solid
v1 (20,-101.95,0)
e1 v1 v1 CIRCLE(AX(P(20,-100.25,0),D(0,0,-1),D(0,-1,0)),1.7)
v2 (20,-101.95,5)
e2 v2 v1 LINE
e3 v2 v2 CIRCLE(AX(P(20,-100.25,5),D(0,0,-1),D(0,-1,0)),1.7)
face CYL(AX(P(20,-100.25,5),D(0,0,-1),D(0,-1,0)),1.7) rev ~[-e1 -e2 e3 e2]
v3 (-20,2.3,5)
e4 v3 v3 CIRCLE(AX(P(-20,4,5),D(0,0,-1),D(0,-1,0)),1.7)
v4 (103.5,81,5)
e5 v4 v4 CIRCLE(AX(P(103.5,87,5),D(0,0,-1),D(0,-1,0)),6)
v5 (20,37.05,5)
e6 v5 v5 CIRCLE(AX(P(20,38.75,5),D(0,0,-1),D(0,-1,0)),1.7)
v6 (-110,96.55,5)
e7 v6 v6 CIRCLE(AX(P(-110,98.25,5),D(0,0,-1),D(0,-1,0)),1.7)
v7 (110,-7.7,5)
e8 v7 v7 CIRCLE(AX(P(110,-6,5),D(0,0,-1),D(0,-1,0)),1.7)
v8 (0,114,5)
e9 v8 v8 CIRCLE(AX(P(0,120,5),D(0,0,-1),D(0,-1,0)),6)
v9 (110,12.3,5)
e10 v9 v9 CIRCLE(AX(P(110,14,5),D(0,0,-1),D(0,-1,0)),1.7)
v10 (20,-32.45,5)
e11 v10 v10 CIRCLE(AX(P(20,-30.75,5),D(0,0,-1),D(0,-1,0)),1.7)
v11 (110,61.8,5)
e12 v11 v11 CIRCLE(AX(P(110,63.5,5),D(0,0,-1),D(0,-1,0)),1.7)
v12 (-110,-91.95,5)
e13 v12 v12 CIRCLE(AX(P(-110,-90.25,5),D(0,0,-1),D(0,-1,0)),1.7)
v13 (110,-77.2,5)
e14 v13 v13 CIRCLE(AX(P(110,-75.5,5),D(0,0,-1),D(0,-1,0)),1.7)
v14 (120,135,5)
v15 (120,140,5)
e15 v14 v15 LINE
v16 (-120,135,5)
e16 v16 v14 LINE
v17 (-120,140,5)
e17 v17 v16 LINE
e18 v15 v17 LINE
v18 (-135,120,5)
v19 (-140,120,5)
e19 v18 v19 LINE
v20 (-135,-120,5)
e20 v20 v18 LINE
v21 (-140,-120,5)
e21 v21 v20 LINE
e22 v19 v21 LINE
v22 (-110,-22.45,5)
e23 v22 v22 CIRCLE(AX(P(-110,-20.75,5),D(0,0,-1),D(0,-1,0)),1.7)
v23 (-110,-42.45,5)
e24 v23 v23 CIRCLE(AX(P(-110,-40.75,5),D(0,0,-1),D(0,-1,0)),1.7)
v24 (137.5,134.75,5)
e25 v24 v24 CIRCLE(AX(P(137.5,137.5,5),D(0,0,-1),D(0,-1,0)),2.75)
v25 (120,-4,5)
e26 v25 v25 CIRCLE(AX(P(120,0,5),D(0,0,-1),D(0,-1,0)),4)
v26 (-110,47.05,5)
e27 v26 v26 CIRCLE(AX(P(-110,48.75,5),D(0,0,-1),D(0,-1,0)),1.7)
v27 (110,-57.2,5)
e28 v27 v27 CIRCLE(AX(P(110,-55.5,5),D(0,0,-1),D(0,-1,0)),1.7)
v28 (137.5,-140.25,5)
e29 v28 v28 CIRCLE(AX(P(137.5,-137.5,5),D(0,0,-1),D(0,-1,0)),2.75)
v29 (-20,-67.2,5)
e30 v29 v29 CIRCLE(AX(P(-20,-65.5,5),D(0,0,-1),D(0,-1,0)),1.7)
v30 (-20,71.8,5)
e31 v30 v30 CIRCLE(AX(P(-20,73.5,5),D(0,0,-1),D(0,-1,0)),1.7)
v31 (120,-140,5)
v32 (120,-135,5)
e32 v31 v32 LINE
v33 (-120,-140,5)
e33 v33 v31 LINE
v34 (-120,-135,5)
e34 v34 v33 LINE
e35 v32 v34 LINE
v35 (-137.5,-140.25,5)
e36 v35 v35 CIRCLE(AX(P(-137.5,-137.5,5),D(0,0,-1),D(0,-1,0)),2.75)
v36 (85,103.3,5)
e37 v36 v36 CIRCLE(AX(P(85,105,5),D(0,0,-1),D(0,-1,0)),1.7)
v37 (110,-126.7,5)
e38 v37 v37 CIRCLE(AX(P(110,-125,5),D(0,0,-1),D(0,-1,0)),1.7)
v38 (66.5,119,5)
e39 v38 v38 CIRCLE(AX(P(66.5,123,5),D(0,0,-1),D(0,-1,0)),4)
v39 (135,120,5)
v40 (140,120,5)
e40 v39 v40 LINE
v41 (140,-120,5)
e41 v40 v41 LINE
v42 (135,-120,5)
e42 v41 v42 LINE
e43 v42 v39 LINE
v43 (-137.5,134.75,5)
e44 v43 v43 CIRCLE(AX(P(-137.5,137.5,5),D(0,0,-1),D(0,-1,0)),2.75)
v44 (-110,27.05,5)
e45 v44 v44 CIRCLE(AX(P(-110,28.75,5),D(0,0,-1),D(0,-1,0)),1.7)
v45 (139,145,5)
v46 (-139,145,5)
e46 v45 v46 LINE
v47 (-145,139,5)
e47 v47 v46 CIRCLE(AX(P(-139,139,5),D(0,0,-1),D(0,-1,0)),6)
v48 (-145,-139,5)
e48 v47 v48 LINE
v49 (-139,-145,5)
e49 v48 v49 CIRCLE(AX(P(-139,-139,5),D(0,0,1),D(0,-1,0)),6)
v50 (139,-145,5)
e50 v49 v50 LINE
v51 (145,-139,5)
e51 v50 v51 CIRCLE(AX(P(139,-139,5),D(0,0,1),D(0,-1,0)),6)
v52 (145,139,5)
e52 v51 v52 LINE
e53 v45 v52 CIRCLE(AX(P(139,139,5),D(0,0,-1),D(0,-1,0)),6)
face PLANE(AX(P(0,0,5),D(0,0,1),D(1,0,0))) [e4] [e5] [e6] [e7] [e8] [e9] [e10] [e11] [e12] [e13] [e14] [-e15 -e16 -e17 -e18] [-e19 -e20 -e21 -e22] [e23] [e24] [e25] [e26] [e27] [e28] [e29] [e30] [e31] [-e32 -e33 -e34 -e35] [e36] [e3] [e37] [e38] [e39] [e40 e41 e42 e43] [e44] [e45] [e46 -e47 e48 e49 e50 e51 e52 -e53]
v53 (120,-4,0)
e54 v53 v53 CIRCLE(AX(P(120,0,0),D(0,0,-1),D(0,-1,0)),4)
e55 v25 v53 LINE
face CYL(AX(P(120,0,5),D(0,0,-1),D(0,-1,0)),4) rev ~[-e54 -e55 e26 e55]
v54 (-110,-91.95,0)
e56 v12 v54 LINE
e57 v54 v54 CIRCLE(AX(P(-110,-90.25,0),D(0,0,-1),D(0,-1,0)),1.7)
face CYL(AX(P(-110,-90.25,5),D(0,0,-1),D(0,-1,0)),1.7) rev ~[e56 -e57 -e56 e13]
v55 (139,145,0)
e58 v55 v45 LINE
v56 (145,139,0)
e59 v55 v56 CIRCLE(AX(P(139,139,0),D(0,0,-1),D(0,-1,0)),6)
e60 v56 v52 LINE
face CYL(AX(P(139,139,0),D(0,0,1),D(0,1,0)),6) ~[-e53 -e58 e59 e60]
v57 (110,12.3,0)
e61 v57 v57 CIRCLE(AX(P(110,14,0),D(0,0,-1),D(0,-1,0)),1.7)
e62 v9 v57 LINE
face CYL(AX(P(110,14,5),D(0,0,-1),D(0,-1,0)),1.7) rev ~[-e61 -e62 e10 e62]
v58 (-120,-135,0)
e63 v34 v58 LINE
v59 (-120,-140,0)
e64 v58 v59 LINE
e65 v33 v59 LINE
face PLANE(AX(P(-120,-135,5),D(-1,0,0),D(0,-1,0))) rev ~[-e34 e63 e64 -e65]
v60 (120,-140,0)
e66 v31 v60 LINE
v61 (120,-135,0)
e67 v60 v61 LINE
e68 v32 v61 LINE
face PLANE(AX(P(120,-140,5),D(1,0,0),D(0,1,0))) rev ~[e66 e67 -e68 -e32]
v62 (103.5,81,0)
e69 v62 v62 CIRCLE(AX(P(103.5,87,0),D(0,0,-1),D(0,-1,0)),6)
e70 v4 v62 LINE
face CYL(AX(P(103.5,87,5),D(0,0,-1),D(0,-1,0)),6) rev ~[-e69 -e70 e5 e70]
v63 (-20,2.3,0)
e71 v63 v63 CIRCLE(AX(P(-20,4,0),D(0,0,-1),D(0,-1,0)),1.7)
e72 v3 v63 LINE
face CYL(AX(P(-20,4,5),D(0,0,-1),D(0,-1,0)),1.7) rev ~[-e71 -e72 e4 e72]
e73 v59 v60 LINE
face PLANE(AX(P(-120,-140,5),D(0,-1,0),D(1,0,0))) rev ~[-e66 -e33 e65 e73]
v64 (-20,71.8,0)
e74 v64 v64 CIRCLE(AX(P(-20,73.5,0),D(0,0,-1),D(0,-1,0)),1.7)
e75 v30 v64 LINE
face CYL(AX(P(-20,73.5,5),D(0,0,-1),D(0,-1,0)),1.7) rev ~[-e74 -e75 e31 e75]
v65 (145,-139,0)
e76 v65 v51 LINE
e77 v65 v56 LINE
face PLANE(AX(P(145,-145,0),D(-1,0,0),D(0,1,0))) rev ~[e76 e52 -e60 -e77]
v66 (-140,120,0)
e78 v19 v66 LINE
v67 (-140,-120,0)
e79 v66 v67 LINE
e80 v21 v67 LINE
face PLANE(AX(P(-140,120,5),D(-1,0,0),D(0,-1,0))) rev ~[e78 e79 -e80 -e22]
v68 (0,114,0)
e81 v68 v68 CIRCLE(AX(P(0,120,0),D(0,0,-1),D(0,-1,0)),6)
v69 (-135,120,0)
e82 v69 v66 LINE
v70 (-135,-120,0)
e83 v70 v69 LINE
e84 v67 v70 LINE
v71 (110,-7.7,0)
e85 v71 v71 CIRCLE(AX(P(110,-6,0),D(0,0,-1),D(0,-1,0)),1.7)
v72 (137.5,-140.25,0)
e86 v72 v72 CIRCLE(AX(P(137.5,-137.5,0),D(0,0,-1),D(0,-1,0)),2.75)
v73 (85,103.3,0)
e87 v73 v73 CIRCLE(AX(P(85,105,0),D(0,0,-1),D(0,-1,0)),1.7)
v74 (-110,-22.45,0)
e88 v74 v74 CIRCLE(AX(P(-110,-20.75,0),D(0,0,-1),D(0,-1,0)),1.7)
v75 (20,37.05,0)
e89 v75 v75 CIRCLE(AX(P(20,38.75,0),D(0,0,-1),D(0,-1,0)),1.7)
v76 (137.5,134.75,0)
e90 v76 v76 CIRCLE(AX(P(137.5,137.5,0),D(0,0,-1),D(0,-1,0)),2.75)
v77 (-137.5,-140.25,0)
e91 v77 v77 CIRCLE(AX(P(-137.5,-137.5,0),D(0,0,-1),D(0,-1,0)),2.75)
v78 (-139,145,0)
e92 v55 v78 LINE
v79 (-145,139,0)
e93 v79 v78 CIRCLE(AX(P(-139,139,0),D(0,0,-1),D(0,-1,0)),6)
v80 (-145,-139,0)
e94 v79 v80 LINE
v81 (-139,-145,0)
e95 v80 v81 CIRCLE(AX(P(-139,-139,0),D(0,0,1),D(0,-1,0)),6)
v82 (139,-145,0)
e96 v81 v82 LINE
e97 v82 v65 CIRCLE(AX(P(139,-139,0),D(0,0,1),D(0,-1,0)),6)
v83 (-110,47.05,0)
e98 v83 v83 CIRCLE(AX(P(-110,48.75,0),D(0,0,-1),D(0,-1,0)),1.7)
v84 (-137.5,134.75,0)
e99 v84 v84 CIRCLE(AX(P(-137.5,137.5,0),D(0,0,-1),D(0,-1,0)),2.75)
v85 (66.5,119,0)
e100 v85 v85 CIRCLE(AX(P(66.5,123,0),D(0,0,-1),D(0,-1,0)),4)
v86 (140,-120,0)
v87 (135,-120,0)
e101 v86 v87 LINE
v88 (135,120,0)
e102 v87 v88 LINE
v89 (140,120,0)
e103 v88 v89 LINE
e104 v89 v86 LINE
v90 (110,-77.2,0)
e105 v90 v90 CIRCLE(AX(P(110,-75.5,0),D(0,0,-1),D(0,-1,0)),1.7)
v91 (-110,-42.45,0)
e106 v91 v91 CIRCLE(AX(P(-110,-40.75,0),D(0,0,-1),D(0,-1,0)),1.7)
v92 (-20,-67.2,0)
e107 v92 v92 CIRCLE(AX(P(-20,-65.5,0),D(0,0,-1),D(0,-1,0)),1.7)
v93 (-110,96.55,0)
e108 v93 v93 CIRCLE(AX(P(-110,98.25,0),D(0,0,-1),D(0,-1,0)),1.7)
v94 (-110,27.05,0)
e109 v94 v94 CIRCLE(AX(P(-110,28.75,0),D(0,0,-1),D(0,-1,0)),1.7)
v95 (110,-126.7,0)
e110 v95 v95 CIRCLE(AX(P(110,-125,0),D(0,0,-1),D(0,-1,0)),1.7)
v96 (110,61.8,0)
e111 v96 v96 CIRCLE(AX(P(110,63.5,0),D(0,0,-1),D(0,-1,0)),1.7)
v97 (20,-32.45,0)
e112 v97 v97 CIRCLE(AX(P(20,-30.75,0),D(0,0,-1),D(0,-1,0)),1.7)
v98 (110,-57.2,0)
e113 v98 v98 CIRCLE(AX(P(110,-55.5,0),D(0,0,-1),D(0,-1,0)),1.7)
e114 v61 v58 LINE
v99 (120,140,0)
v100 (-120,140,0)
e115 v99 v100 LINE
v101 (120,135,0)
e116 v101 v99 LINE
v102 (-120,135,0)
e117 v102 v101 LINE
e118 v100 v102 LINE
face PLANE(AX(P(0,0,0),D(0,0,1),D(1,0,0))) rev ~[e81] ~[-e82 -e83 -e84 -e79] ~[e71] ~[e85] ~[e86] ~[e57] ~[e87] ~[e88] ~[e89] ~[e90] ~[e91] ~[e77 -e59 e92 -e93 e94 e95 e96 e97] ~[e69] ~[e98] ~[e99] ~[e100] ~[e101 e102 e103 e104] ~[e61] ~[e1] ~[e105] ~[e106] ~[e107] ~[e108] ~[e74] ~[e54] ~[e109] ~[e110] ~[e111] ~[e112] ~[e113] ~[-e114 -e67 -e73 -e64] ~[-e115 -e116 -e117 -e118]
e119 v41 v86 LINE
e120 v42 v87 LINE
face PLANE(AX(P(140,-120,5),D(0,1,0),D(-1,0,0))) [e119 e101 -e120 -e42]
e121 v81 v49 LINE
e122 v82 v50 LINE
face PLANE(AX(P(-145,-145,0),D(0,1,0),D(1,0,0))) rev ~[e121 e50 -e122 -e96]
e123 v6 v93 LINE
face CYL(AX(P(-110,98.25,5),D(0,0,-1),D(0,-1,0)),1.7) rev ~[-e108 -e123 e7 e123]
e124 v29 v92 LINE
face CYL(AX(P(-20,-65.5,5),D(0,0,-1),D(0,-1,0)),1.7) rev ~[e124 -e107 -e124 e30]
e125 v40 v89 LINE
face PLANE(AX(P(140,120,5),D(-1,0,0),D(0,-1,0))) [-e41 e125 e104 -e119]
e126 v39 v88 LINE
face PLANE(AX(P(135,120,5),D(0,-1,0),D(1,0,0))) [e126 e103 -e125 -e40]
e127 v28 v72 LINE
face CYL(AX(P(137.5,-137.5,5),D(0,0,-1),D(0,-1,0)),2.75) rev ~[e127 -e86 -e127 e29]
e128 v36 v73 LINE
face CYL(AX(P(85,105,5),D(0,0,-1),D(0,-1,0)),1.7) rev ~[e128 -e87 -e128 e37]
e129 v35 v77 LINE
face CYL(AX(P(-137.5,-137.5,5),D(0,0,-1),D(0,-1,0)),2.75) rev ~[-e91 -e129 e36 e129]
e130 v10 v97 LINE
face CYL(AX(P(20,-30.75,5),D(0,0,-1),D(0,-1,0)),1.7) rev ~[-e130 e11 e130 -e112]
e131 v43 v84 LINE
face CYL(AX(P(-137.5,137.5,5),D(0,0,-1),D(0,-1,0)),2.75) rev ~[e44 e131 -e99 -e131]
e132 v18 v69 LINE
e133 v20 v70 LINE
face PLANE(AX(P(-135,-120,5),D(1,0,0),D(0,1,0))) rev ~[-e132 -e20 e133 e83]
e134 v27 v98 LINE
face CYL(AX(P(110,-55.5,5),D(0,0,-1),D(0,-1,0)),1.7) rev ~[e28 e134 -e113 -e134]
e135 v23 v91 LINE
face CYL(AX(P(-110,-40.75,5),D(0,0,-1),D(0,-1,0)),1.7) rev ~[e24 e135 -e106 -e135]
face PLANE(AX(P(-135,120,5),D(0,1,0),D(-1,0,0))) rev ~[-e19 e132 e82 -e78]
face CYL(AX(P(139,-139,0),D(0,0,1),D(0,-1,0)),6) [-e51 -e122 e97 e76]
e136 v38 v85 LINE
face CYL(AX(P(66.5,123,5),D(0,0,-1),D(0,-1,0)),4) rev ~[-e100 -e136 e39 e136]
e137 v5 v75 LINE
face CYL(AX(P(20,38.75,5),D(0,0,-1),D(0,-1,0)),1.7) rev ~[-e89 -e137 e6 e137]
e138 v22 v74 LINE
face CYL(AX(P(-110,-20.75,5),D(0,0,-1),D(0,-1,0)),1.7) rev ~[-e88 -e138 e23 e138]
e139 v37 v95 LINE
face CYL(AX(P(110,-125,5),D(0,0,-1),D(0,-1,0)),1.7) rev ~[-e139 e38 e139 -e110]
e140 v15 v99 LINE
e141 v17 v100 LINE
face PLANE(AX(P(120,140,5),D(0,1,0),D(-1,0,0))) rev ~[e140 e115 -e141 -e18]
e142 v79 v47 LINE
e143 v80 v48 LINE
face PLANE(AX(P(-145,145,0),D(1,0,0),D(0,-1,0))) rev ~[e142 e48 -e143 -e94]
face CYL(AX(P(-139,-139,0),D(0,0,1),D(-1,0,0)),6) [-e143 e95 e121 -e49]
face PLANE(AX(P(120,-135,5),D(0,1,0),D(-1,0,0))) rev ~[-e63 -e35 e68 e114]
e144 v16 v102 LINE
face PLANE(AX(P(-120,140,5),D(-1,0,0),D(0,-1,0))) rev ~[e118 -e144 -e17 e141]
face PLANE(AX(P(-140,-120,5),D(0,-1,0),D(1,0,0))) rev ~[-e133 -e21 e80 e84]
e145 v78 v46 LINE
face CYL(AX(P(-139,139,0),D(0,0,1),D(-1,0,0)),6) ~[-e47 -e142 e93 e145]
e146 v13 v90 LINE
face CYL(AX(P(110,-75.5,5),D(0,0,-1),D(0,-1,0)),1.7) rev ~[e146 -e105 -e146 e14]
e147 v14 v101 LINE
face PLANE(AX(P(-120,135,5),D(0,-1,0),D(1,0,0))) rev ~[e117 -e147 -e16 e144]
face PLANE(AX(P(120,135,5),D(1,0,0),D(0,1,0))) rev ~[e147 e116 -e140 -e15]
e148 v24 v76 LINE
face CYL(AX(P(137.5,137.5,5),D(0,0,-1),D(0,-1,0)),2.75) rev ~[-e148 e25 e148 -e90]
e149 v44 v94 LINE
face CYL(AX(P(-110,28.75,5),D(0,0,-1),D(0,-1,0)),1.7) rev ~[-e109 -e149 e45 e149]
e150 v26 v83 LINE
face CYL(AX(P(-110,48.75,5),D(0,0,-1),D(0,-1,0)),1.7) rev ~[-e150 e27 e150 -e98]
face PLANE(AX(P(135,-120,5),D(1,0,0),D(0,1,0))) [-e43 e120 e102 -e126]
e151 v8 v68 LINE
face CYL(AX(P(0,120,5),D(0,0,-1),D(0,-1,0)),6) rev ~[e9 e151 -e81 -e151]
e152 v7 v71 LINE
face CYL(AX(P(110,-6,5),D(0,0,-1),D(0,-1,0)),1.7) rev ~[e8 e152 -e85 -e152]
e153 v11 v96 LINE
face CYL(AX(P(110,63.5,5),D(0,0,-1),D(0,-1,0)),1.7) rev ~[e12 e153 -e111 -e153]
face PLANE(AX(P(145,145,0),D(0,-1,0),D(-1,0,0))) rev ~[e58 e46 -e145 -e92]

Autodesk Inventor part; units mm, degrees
ref_plane "YZ Plane" through (0, 0, 0) normal (1, 0, 0) x (0, 1, 0)
ref_plane "XZ Plane" through (0, 0, 0) normal (0, 1, 0) x (-1, 0, 0)
ref_plane "XY Plane" through (0, 0, 0) normal (0, 0, 1) x (1, 0, 0)
sketch "Sketch1" plane through (0, 0, 0) normal (0, 0, 1) x (1, 0, 0)
  line L0 (-145, -145) -> (145, -145)
  line L1 (145, -145) -> (145, 145)
  line L2 (145, 145) -> (-145, 145)
  line L3 (-145, 145) -> (-145, -145)
  line L4 (-145, -145) -> (145, 145) construction
  line L5 (145, -145) -> (-145, 145) construction
  point P0 (0, 0)
  dimension "d0" = 290
  dimension "d1" = 290
extrude "Extrusion1" add sketch "Sketch1" along normal blind 5
sketch "Sketch2" plane through (0, 0, 5) normal (0, 0, 1) x (1, 0, 0)
  line L0 (-137.5, -137.5) -> (137.5, -137.5) construction
  line L1 (137.5, -137.5) -> (137.5, 137.5) construction
  line L2 (137.5, 137.5) -> (-137.5, 137.5) construction
  line L3 (-137.5, 137.5) -> (-137.5, -137.5) construction
  line L4 (-137.5, -137.5) -> (137.5, 137.5) construction
  line L5 (137.5, -137.5) -> (-137.5, 137.5) construction
  point P0 (0, 0)
  dimension "d4" = 275
  dimension "d5" = 275
hole "Hole1" at (-137.5, 137.5, 5) at (137.5, 137.5, 5) at (137.5, -137.5, 5) at (-137.5, -137.5, 5) direction (0, 0, -1) diameter 5.5 depth 8 tip angle 118 clearance for "Countersunk Flat Head Screw DIN EN ISO 2009" size "M5" standard "DIN"
fillet "Fillet1" radius 6 4 edges at (145, -145, 2.5) (-145, -145, 2.5) (145, 145, 2.5) (-145, 145, 2.5)
sketch "Sketch3" plane through (0, 0, 5) normal (0, 0, 1) x (1, 0, 0)
  line L0 (-110, -20.75) -> (-20, -20.75) construction
  line L1 (-20, -20.75) -> (-20, 28.75) construction
  line L2 (-20, 28.75) -> (-110, 28.75) construction
  line L3 (-110, 28.75) -> (-110, -20.75) construction
  line L4 (-139, -145) -> (139, -145) projected
  arc A0 (-139, 145) -> (-145, 139) centre (-139, 139) ccw projected
  line L5 (-145, 139) -> (-145, -139) projected
  arc A1 (-145, -139) -> (-139, -145) centre (-139, -139) ccw projected
  line L6 (-139, -145) -> (139, -145) projected
  arc A2 (139, -145) -> (145, -139) centre (139, -139) ccw projected
  line L7 (145, -139) -> (145, 139) projected
  arc A3 (145, 139) -> (139, 145) centre (139, 139) ccw projected
  line L8 (139, 145) -> (-139, 145) projected
  circle A4 centre (137.5, -137.5) radius 2.75 projected
  circle A5 centre (-137.5, 137.5) radius 2.75 projected
  circle A6 centre (137.5, 137.5) radius 2.75 projected
  circle A7 centre (-137.5, -137.5) radius 2.75 projected
  line L9 (-110, -90.25) -> (-20, -90.25) construction
  line L10 (-20, -90.25) -> (-20, -40.75) construction
  line L11 (-20, -40.75) -> (-110, -40.75) construction
  line L12 (-110, -40.75) -> (-110, -90.25) construction
  line L13 (20, -55.5) -> (110, -55.5) construction
  line L14 (110, -55.5) -> (110, -6) construction
  line L15 (110, -6) -> (20, -6) construction
  line L16 (20, -6) -> (20, -55.5) construction
  line L17 (-110, 48.75) -> (-20, 48.75) construction
  line L18 (-20, 48.75) -> (-20, 98.25) construction
  line L19 (-20, 98.25) -> (-110, 98.25) construction
  line L20 (-110, 98.25) -> (-110, 48.75) construction
  line L21 (20, -125) -> (110, -125) construction
  line L22 (110, -125) -> (110, -75.5) construction
  line L23 (110, -75.5) -> (20, -75.5) construction
  line L24 (20, -75.5) -> (20, -125) construction
  line L25 (20, 14) -> (110, 14) construction
  line L26 (110, 14) -> (110, 63.5) construction
  line L27 (110, 63.5) -> (20, 63.5) construction
  line L28 (20, 63.5) -> (20, 14) construction
  point P0 (0, 0)
  point P1 (-20, 73.5)
  point P2 (20, 38.75)
  point P3 (20, -30.75)
  point P4 (-20, -65.5)
  point P5 (20, -100.25)
  point P6 (-20, 4)
  dimension "d14" = 49.5
  dimension "d16" = 49.5
  dimension "d17" = 90
  dimension "d20" = 49.5
  dimension "d25" = 90
  dimension "d26" = 290
  dimension "d29" = 20
  dimension "d71" = 49.5
  dimension "d72" = 49.5
  dimension "d73" = 49.5
  dimension "d75" = 20
  dimension "d76" = 20
  dimension "d77" = 20
  dimension "d78" = 54.75
  dimension "d79" = 20
  dimension "d81" = 40
  dimension "d82" = 35
hole "Hole2" at (-20, 73.5, 5) at (20, 38.75, 5) at (20, -30.75, 5) at (-20, -65.5, 5) at (20, -100.25, 5) at (110, 63.5, 5) at (110, 14, 5) at (110, -6, 5) at (110, -55.5, 5) at (110, -75.5, 5) at (110, -125, 5) at (-110, -40.75, 5) at (-110, -90.25, 5) at (-110, -20.75, 5) at (-110, 28.75, 5) at (-110, 48.75, 5) at (-110, 98.25, 5) at (-20, 4, 5) direction (0, 0, -1) diameter 3.4 end through all clearance for "Countersunk Flat Head Screw DIN EN ISO 2009" size "M3" standard "DIN"
sketch "Sketch4" plane through (0, 0, 5) normal (0, 0, 1) x (1, 0, 0)
  line L0 (-120, -140) -> (120, -140)
  line L1 (120, -140) -> (120, -135)
  line L2 (120, -135) -> (-120, -135)
  line L3 (-120, -135) -> (-120, -140)
  line L4 (140, -120) -> (135, -120)
  line L5 (135, -120) -> (135, 120)
  line L6 (135, 120) -> (140, 120)
  line L7 (140, 120) -> (140, -120)
  line L8 (120, 140) -> (-120, 140)
  line L9 (-120, 140) -> (-120, 135)
  line L10 (-120, 135) -> (120, 135)
  line L11 (120, 135) -> (120, 140)
  line L12 (-135, 120) -> (-140, 120)
  line L13 (-140, 120) -> (-140, -120)
  line L14 (-140, -120) -> (-135, -120)
  line L15 (-135, -120) -> (-135, 120)
  line L16 (-139, -145) -> (139, -145) projected
  line L17 (-145, 139) -> (-145, -139) projected
  line L18 (139, 145) -> (-139, 145) projected
  line L19 (145, -139) -> (145, 139) projected
  point P0 (0, 0)
  point P1 (0, -140)
  point P2 (-140, 0)
  point P3 (140, 0)
  point P4 (0, 140)
  dimension "d39" = 5
  dimension "d40" = 5
  dimension "d41" = 5
  dimension "d42" = 5
  dimension "d43" = 240
  dimension "d44" = 240
  dimension "d45" = 240
  dimension "d46" = 5
  dimension "d47" = 5
  dimension "d48" = 5
  dimension "d49" = 5
extrude "Extrusion2" cut sketch "Sketch4" against normal through all
sketch "Sketch5" plane through (0, 0, 5) normal (0, 0, 1) x (1, 0, 0)
  point P0 (0, 0)
  point P1 (120, 0)
  dimension "d60" = 120
hole "Hole3" at (120, 0, 5) direction (0, 0, -1) diameter 8 depth 8 tip angle 118
sketch "Sketch7" plane through (0, 0, 5) normal (0, 0, 1) x (1, 0, 0)
  point P0 (0, 0)
  point P1 (85, 105)
  dimension "d85" = 85
  dimension "d102" = 105
hole "Hole5" at (85, 105, 5) direction (0, 0, -1) diameter 3.4 depth 8 tip angle 118 clearance for "Countersunk Flat Head Screw DIN EN ISO 2009" size "M3" standard "DIN"
sketch "Sketch8" plane through (0, 0, 5) normal (0, 0, 1) x (1, 0, 0)
  circle A0 centre (85, 105) radius 1.7 projected
  point P0 (0, 0)
  point P1 (66.5, 123)
  dimension "d108" = 18
  dimension "d118" = 18.5
hole "Hole6" at (66.5, 123, 5) direction (0, 0, -1) diameter 8 depth 8 tip angle 118
sketch "Sketch6" plane through (0, 0, 5) normal (0, 0, 1) x (1, 0, 0)
  line L0 (139, 145) -> (-139, 145) projected
  point P0 (0, 0)
  point P1 (0, 120)
  dimension "d107" = 120
hole "Hole4" at (0, 120, 5) direction (0, 0, -1) diameter 12 depth 8 tip angle 118
sketch "Sketch9" plane through (0, 0, 5) normal (0, 0, 1) x (1, 0, 0)
  circle A0 centre (85, 105) radius 1.7 projected
  point P0 (0, 0)
  point P1 (103.5, 87)
  dimension "d109" = 18
  dimension "d110" = 18.5
hole "Hole7" at (103.5, 87, 5) direction (0, 0, -1) diameter 12 end through all
equation "\"d29\" = d28"
equation "\"d76\" = d28"
equation "\"d77\" = d28"
equation "\"d28\" = 20"
properties part number "mid" material "Polycarbonate, Clear"
